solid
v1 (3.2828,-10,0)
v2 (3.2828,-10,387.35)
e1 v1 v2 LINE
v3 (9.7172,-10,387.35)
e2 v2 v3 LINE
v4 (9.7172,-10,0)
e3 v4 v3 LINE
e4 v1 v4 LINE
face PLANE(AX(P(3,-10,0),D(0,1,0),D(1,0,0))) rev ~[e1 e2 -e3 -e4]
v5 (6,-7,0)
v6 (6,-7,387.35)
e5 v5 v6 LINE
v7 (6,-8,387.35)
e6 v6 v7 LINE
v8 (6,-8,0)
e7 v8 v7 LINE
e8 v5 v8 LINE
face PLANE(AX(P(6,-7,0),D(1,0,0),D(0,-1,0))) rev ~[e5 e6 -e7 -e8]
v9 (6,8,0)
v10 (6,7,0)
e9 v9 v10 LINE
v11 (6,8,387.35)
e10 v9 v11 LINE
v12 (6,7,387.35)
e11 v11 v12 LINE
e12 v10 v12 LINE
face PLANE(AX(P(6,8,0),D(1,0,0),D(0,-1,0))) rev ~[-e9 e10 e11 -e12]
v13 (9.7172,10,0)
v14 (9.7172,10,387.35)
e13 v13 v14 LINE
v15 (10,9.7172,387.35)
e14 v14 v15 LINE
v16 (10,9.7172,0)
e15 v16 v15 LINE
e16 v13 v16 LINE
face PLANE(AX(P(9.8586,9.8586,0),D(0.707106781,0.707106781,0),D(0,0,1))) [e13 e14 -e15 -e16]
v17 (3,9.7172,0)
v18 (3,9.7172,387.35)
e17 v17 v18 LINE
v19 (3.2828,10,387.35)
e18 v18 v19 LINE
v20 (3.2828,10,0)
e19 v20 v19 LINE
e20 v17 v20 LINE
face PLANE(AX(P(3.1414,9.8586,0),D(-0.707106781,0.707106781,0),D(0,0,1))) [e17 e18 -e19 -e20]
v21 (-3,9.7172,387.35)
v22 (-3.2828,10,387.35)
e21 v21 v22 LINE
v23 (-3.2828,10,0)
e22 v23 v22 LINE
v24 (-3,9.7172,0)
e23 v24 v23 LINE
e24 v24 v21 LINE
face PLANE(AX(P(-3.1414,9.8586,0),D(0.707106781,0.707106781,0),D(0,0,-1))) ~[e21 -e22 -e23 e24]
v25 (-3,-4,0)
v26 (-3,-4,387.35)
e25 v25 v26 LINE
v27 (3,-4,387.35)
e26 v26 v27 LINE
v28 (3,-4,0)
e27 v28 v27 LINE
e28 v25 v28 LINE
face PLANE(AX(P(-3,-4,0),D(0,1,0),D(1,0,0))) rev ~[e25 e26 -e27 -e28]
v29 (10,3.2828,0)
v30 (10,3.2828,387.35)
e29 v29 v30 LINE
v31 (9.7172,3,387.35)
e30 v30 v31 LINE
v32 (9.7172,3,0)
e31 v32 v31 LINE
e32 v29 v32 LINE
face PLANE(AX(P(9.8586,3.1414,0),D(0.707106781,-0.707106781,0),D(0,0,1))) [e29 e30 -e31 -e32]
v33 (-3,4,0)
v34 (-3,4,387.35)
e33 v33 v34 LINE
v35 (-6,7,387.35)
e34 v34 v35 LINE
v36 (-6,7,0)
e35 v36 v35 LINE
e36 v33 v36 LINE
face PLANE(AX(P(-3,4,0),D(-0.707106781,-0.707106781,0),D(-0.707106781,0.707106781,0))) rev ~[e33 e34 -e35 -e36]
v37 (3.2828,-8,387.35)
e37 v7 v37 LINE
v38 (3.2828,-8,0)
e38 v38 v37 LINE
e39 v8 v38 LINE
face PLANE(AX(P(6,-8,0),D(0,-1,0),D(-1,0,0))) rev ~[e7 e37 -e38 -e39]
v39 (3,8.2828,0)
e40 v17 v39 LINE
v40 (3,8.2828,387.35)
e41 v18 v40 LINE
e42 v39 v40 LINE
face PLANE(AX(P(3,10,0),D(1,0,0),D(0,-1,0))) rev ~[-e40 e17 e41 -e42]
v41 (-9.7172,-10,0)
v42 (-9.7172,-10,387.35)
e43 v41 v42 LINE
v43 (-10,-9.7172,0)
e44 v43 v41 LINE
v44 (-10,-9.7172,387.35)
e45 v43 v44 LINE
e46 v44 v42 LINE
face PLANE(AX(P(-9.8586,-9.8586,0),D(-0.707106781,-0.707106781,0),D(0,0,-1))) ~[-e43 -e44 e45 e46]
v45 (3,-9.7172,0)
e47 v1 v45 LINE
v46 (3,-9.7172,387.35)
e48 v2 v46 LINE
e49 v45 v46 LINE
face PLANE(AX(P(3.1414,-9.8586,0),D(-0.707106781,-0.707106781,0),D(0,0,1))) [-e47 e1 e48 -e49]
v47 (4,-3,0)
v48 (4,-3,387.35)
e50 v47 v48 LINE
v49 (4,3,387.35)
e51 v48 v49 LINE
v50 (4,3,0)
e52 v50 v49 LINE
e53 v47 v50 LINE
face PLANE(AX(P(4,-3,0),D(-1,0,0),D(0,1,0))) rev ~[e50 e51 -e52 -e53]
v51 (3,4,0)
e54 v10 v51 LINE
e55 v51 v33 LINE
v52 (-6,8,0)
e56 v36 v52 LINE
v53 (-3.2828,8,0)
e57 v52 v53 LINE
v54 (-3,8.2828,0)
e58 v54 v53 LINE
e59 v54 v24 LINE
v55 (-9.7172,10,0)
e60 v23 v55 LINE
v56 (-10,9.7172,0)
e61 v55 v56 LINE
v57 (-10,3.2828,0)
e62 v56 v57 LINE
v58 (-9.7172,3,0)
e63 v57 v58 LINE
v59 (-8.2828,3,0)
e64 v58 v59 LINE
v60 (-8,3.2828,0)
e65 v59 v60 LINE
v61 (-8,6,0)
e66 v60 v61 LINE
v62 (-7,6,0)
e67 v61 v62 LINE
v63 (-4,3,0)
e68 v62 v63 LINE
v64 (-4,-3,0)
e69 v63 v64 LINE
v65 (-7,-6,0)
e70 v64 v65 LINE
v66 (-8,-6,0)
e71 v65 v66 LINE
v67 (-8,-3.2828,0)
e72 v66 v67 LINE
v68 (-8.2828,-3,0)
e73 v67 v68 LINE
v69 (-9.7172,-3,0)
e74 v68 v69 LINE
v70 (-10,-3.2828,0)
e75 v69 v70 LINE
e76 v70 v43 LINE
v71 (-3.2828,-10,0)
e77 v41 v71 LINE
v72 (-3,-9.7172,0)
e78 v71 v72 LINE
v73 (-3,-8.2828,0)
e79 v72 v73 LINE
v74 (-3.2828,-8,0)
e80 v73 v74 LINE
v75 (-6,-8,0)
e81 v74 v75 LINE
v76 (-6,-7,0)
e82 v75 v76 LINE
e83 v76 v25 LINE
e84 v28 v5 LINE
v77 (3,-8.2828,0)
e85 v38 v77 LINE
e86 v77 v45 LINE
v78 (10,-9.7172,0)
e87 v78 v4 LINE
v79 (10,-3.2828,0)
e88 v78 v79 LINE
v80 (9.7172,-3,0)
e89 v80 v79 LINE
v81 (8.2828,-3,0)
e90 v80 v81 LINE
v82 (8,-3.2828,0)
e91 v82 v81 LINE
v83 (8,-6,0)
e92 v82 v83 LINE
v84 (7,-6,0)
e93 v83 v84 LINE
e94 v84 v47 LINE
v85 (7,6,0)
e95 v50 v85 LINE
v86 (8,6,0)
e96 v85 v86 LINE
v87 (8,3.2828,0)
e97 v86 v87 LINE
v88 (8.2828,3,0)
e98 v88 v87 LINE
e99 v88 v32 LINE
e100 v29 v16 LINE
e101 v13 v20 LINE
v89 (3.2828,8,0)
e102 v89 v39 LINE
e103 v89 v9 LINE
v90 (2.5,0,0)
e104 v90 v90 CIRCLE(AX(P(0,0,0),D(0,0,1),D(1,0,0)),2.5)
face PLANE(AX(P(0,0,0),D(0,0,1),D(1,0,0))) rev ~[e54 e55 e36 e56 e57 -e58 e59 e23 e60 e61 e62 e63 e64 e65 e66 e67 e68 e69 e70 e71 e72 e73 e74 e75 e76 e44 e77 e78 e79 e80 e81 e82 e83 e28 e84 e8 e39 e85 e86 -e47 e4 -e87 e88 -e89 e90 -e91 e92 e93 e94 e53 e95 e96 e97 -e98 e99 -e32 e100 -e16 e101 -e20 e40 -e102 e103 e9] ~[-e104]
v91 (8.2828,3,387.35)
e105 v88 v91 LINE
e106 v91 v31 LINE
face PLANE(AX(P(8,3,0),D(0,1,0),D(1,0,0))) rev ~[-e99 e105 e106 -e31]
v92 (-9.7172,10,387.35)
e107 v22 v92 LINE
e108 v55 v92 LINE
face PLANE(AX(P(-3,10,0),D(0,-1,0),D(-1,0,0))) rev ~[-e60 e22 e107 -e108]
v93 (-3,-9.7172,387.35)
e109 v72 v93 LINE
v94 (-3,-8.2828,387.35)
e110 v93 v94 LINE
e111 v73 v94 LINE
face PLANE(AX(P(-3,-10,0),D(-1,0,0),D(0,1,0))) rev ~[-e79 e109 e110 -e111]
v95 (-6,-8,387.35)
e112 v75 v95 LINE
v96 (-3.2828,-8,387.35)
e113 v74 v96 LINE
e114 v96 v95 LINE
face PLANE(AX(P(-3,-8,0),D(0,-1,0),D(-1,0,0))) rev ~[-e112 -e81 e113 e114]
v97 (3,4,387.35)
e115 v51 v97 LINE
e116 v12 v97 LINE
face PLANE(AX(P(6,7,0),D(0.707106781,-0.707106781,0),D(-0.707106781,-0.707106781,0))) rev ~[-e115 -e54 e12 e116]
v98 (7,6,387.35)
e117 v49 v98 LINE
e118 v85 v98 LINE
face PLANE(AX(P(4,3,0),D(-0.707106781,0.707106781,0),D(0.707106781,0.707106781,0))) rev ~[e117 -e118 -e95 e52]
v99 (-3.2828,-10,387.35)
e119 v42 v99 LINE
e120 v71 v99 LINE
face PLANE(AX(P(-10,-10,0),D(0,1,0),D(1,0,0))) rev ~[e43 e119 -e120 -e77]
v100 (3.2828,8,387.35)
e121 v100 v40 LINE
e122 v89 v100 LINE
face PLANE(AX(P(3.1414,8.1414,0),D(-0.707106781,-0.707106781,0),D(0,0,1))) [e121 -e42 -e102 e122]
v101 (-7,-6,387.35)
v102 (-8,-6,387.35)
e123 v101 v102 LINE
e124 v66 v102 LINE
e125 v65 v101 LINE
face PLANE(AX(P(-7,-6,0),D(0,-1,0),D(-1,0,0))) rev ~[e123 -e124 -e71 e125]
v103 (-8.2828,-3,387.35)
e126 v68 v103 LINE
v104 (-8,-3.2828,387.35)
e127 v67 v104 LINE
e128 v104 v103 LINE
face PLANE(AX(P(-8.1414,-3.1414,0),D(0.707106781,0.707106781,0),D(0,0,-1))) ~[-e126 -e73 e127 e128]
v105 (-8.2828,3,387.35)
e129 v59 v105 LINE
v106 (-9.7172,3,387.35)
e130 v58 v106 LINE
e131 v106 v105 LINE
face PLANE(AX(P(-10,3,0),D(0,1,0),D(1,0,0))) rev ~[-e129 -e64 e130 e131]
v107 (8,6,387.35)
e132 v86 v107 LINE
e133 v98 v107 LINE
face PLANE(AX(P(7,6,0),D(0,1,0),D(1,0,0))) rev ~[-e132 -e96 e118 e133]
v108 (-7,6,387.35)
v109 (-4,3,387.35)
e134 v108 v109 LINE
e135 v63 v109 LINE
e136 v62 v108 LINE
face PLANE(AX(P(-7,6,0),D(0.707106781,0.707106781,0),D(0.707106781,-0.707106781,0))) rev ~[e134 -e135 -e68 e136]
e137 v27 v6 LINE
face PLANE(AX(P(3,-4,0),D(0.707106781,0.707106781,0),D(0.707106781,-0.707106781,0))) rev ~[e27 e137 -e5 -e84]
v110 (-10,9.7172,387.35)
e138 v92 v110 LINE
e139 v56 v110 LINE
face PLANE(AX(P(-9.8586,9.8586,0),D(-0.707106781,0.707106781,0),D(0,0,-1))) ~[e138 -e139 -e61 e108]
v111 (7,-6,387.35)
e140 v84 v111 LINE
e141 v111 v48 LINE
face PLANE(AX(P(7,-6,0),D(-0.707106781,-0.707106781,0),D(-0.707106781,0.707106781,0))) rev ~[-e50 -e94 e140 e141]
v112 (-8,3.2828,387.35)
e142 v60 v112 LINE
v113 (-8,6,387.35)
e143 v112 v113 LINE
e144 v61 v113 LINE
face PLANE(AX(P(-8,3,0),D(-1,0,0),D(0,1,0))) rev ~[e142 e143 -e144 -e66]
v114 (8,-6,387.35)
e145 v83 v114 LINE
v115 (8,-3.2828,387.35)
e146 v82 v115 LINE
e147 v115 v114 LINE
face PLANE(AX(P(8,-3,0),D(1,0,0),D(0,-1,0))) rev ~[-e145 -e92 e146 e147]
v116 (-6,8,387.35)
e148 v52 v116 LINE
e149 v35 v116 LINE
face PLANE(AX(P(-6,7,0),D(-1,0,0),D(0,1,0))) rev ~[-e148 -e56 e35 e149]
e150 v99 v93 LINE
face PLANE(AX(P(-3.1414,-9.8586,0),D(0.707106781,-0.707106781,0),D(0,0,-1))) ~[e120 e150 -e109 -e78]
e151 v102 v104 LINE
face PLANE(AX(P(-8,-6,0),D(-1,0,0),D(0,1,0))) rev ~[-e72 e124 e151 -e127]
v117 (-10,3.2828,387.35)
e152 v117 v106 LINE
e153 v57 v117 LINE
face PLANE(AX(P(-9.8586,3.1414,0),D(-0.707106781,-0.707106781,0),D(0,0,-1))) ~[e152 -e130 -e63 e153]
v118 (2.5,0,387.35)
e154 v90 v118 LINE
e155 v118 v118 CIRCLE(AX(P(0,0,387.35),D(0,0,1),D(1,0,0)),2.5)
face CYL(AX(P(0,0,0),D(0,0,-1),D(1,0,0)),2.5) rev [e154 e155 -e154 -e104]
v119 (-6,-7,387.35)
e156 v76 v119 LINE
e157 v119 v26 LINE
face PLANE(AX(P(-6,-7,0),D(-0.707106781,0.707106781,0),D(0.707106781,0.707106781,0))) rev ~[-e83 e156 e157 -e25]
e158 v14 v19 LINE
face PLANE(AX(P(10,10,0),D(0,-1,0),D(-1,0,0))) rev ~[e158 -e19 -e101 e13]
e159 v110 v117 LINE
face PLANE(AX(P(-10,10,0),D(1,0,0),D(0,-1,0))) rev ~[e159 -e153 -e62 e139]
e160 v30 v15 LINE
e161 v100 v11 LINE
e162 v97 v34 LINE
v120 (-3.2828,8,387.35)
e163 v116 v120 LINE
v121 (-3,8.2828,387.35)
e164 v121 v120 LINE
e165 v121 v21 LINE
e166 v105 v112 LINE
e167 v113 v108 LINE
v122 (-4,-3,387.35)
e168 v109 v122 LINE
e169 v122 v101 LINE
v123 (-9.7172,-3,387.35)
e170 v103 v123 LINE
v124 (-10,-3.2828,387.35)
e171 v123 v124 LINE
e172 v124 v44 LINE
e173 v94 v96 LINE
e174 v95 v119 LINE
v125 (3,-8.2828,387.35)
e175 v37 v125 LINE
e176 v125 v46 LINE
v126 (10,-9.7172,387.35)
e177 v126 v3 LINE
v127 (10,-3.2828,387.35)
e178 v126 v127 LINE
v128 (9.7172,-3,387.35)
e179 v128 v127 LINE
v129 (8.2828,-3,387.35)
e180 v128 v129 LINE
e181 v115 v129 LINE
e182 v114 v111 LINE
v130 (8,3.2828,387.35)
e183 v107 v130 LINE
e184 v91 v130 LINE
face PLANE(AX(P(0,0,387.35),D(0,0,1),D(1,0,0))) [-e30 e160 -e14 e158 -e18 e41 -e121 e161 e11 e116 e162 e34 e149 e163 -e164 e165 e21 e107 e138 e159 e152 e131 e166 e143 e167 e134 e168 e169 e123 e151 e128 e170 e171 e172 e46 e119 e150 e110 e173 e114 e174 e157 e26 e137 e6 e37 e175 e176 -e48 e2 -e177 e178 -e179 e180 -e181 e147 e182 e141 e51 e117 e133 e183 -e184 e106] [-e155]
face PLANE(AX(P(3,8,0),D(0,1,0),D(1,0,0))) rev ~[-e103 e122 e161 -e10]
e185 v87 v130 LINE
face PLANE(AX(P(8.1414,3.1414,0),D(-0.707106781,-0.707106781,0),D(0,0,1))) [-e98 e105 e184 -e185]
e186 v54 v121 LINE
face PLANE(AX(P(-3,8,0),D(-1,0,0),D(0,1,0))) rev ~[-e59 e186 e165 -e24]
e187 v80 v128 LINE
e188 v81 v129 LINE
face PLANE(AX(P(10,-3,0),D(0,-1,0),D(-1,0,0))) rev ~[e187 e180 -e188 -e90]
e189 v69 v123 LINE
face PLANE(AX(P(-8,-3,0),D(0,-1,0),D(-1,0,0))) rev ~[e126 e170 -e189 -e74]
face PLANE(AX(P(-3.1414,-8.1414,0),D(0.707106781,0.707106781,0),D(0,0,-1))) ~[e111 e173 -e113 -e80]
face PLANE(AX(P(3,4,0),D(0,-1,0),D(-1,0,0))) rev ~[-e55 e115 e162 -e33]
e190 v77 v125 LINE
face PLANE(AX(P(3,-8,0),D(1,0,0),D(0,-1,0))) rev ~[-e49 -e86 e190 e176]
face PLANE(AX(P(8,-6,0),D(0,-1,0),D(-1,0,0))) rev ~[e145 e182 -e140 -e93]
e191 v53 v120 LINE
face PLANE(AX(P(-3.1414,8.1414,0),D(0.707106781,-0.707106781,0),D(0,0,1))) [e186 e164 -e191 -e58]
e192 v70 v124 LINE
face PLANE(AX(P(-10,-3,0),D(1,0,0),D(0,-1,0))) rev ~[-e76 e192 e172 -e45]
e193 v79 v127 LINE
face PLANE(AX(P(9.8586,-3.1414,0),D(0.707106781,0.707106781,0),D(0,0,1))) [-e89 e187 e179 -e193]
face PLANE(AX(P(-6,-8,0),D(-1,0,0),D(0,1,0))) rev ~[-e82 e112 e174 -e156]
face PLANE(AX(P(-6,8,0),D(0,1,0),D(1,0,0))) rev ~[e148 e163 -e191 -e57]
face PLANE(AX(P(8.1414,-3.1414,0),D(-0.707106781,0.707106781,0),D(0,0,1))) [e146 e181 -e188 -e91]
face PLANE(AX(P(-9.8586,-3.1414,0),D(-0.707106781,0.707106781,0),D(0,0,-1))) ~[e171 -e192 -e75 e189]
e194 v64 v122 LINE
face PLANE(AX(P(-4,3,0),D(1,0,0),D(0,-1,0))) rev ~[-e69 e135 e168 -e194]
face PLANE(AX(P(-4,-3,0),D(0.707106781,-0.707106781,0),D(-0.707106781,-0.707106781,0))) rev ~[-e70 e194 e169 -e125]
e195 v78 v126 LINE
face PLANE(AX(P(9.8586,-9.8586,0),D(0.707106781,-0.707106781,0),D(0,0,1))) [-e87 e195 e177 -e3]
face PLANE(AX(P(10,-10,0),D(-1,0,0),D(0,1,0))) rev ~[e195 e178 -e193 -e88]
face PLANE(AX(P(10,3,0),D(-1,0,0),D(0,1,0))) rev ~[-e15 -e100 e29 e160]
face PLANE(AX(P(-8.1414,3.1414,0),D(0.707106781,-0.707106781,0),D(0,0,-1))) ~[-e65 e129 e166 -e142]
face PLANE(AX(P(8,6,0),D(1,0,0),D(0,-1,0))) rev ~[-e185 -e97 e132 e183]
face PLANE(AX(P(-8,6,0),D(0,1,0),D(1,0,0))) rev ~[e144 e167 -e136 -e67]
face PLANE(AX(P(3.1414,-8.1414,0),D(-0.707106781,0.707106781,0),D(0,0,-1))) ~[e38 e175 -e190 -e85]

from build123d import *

# Parameters (mm, degrees)
SKETCH1_R           = 2.5
BOSS_EXTRUDE1_DEPTH = 387.35
CHAMFER1_SIZE       = 0.2828


with BuildPart() as part:
    # Sketch1 → Boss-Extrude1 (new body)
    with BuildSketch(Plane.XY):
        Polygon((-3, 8), (-3, 10), (-10, 10), (-10, 3), (-8, 3), (-8, 6), (-7, 6), (-4, 3), (-4, -3), (-7, -6), (-8, -6), (-8, -3), (-10, -3), (-10, -10), (-3, -10), (-3, -8), (-6, -8), (-6, -7), (-3, -4), (3, -4), (6, -7), (6, -8), (3, -8), (3, -10), (10, -10), (10, -3), (8, -3), (8, -6), (7, -6), (4, -3), (4, 3), (7, 6), (8, 6), (8, 3), (10, 3), (10, 10), (3, 10), (3, 8), (6, 8), (6, 7), (3, 4), (-3, 4), (-6, 7), (-6, 8), align=None)
        Circle(SKETCH1_R, mode=Mode.SUBTRACT)
    extrude(amount=BOSS_EXTRUDE1_DEPTH)

    # Chamfer1
    chamfer1_edges = [part.edges().sort_by_distance(p)[0] for p in [
        (-8, -3, 193.675),
        (-8, 3, 193.675),
        (-10, 3, 193.675),
        (-10, 10, 193.675),
        (-3, 10, 193.675),
        (-3, 8, 193.675),
        (3, 8, 193.675),
        (3, 10, 193.675),
        (10, 10, 193.675),
        (10, 3, 193.675),
        (8, 3, 193.675),
        (8, -3, 193.675),
        (10, -3, 193.675),
        (10, -10, 193.675),
        (3, -10, 193.675),
        (3, -8, 193.675),
        (-3, -8, 193.675),
        (-3, -10, 193.675),
        (-10, -10, 193.675),
        (-10, -3, 193.675),
    ]]
    chamfer(chamfer1_edges, length=CHAMFER1_SIZE)


solid = part.part
